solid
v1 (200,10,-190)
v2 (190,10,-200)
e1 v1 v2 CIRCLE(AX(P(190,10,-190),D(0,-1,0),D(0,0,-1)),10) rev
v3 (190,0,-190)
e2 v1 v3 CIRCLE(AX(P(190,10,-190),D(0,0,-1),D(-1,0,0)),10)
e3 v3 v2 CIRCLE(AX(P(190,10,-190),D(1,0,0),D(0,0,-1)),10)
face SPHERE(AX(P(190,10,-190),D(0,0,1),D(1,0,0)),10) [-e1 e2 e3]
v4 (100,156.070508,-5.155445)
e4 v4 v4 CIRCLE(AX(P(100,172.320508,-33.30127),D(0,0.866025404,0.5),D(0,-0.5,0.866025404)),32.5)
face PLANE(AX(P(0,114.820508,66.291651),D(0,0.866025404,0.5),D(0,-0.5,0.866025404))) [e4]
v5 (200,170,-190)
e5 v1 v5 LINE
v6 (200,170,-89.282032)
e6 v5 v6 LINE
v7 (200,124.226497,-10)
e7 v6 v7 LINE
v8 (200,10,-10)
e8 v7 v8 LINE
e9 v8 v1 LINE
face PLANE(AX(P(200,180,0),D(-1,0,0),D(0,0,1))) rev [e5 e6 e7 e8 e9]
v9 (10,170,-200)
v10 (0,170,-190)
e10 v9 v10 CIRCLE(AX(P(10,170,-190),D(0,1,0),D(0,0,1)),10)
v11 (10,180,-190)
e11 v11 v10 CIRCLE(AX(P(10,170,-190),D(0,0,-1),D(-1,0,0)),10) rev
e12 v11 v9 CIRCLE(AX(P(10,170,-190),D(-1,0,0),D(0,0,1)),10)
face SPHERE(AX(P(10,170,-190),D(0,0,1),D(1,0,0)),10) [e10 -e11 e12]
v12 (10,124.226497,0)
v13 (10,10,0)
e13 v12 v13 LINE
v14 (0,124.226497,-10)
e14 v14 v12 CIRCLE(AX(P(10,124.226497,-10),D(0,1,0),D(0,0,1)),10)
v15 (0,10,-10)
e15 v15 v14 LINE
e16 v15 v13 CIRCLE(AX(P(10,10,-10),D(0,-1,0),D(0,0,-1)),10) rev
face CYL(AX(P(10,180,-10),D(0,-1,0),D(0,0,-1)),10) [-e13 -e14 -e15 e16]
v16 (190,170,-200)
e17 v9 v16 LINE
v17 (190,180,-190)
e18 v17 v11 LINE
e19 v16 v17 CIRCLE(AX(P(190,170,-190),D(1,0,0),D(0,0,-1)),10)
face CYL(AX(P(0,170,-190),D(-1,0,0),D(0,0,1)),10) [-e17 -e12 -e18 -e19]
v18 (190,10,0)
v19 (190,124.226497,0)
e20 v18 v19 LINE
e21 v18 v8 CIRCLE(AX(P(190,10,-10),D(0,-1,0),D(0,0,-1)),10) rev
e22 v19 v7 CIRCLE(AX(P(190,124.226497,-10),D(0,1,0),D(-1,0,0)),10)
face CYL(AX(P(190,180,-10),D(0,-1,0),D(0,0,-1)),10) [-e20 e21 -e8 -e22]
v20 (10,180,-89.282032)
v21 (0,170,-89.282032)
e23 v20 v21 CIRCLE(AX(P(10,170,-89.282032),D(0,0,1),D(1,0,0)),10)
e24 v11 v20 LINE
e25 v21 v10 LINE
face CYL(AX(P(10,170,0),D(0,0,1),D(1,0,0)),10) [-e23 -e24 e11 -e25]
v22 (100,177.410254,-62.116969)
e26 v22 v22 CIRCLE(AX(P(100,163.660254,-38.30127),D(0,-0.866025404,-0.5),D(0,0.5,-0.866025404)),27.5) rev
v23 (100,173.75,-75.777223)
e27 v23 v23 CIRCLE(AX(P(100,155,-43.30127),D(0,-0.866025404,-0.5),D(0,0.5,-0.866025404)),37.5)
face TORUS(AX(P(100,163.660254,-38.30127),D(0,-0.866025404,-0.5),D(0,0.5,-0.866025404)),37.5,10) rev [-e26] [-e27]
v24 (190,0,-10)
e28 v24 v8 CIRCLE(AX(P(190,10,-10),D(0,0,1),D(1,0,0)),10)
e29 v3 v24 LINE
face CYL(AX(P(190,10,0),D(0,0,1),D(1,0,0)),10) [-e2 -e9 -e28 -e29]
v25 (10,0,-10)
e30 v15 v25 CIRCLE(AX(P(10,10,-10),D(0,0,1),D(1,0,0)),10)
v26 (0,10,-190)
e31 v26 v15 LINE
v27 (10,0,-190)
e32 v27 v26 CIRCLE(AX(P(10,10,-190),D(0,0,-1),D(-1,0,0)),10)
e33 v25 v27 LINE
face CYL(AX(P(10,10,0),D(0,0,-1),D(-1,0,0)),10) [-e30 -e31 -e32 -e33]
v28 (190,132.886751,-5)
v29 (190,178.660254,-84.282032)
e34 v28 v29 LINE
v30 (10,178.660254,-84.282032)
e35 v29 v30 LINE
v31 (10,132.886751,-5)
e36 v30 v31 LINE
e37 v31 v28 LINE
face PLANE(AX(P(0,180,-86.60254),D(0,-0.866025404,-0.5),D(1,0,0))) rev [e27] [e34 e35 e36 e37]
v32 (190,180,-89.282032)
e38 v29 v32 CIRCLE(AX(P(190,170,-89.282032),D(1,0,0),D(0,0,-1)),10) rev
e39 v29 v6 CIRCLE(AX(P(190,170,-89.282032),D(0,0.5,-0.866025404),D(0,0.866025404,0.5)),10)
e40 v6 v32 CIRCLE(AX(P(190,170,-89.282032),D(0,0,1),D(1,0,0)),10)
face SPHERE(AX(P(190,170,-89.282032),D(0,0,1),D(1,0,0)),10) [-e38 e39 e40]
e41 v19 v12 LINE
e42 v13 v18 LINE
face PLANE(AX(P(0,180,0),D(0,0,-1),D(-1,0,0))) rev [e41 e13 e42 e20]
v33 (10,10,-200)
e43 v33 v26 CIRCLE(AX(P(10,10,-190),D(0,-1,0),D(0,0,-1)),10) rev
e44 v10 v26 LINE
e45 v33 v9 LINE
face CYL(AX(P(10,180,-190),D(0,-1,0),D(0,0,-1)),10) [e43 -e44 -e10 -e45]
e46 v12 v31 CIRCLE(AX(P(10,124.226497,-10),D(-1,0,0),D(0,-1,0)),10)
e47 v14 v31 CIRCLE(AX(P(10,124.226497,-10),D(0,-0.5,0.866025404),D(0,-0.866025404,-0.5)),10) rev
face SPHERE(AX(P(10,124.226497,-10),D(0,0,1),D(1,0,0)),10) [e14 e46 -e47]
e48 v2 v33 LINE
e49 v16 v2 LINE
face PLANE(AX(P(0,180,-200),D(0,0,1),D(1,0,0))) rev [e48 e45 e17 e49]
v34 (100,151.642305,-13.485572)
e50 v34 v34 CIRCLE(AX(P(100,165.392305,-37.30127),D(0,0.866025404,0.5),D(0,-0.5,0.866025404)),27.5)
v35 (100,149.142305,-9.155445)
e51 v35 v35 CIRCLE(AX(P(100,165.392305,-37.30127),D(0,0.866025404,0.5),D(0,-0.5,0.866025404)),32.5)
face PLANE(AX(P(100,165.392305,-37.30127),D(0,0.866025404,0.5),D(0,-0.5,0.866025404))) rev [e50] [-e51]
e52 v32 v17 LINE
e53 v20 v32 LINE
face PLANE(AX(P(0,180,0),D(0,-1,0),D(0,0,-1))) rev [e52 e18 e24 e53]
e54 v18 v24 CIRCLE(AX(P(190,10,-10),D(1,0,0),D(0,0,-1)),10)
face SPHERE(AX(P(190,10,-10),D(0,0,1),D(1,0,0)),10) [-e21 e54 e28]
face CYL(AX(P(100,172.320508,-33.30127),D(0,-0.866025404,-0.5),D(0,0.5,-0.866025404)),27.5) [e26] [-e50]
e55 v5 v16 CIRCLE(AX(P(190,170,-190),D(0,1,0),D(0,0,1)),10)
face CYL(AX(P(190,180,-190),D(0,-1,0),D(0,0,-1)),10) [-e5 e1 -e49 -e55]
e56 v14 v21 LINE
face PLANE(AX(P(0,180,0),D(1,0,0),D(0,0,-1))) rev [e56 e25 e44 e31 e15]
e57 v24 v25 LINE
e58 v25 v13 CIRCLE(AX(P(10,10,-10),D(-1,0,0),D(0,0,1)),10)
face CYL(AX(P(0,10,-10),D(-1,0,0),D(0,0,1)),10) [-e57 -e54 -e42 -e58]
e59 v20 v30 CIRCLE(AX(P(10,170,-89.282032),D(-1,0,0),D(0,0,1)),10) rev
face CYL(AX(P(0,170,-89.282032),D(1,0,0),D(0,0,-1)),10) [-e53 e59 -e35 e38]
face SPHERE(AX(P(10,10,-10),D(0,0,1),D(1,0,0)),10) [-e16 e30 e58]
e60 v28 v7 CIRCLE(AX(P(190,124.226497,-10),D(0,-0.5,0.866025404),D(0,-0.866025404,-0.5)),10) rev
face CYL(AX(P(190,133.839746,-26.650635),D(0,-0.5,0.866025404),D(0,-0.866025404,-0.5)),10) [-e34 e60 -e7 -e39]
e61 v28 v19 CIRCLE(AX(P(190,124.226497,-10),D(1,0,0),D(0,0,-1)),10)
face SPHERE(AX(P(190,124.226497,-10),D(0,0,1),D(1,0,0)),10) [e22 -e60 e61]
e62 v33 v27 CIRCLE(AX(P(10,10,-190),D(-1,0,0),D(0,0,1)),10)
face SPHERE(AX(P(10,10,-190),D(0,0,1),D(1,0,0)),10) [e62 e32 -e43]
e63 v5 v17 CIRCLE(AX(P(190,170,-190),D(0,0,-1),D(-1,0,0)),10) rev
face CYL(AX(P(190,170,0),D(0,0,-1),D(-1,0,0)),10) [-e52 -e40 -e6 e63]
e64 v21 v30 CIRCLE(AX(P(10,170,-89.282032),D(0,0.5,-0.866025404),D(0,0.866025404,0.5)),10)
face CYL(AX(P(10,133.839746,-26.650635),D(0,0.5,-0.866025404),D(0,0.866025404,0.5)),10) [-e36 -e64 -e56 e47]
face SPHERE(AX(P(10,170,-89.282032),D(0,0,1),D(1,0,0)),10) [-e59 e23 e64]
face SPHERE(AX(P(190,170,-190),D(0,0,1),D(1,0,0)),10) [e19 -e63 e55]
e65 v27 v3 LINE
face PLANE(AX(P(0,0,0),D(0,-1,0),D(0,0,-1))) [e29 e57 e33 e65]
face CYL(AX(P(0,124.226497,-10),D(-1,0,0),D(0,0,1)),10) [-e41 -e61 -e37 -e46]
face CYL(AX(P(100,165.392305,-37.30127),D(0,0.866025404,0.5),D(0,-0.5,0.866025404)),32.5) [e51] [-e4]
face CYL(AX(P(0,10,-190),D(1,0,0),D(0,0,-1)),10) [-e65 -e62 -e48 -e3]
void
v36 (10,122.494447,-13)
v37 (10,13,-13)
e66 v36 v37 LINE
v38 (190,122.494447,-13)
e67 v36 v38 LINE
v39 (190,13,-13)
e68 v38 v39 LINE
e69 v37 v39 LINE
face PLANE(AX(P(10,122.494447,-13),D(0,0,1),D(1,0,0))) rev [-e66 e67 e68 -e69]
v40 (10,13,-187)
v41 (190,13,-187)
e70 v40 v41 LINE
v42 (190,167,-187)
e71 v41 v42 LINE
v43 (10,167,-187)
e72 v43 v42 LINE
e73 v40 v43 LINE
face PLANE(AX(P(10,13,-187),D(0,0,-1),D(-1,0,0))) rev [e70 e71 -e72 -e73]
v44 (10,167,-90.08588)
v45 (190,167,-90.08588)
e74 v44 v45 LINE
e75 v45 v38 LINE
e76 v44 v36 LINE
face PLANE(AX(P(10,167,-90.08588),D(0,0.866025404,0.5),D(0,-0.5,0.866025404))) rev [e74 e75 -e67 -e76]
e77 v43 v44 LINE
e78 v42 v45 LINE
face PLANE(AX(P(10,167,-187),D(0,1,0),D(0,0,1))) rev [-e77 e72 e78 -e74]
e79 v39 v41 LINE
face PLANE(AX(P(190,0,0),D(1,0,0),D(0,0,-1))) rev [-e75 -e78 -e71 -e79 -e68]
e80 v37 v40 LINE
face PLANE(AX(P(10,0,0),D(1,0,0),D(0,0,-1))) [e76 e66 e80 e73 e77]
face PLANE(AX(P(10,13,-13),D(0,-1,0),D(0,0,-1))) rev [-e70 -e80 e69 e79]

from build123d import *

# Parameters (mm, degrees)
SKETCH_1_W          = 200
SKETCH_1_H          = 200
EXTRUDE_1_DEPTH     = 180
CHAMFER_1_SIZE      = 50
CHAMFER_1_SIZE2     = 86.602540378
SKETCH_2_R          = 27.5
EXTRUDE_2_DEPTH     = 20
EXTRUDE_START       = 12
SKETCH_2_3_R        = 32.5
SKETCH_2_3_R_2      = 27.5
EXTRUDE_3_DEPTH     = 8
FILLET_1_R          = 10
CUT_EXTRUDE_START   = -10
CUT_EXTRUDE_1_DEPTH = 180


with BuildPart() as part:
    # 스케치1 → 보스-돌출1 (new body)
    with BuildSketch(Plane(origin=(0, 0, 0), x_dir=(1, 0, 0), z_dir=(0, 1, 0))):
        with Locations((100, 100)):
            Rectangle(SKETCH_1_W, SKETCH_1_H)
    extrude(amount=EXTRUDE_1_DEPTH)

    # 모따기1
    chamfer_1_edges = [part.edges().sort_by_distance(p)[0] for p in [
        (100, 180, 0),
    ]]
    chamfer_1_side = [part.faces().sort_by_distance(p)[0] for p in [
        (100, 90, 0),
    ]]
    chamfer(chamfer_1_edges, length=CHAMFER_1_SIZE, length2=CHAMFER_1_SIZE2, reference=chamfer_1_side[0])

    # 스케치2 → 보스-돌출2 (add)
    with BuildSketch(Plane(origin=(0, 97.5, 56.291651246), x_dir=(1, 0, 0), z_dir=(0, 0.8660254037844379, 0.5000000000000014))):
        with Locations((100, 115)):
            Circle(SKETCH_2_R)
    extrude(amount=EXTRUDE_2_DEPTH)

    # 스케치2<3> → 보스-돌출3 (add)
    with BuildSketch(Plane(origin=(0, 97.5, 56.291651246), x_dir=(1, 0, 0), z_dir=(0, 0.8660254037844379, 0.5000000000000014)).offset(EXTRUDE_START)):
        with Locations((100, 115)):
            Circle(SKETCH_2_3_R)
        with Locations((100, 115)):
            Circle(SKETCH_2_3_R_2, mode=Mode.SUBTRACT)
    extrude(amount=EXTRUDE_3_DEPTH)

    # 필렛1
    fillet_1_edges = [part.edges().sort_by_distance(p)[0] for p in [
        (72.5, 155, -43.301270189),
        (100, 180, -86.602540378),
        (0, 180, -143.301270189),
        (0, 155, -43.301270189),
        (100, 180, -200),
        (0, 90, -200),
        (200, 90, -200),
        (200, 155, -43.301270189),
        (200, 180, -143.301270189),
        (0, 65, 0),
        (100, 130, 0),
        (200, 65, 0),
        (100, 0, 0),
        (200, 0, -100),
        (100, 0, -200),
        (0, 0, -100),
    ]]
    fillet(fillet_1_edges, radius=FILLET_1_R)

    # 스케치3 → 컷-돌출1 (cut)
    with BuildSketch(Plane(origin=(200, 0, 0), x_dir=(0, 0, -1), z_dir=(1, 0, 0)).offset(CUT_EXTRUDE_START)):
        Polygon((187, 13), (187, 167), (90.08587988, 167), (13, 122.494446501), (13, 13), align=None)
    extrude(amount=-CUT_EXTRUDE_1_DEPTH, mode=Mode.SUBTRACT)


solid = part.part
